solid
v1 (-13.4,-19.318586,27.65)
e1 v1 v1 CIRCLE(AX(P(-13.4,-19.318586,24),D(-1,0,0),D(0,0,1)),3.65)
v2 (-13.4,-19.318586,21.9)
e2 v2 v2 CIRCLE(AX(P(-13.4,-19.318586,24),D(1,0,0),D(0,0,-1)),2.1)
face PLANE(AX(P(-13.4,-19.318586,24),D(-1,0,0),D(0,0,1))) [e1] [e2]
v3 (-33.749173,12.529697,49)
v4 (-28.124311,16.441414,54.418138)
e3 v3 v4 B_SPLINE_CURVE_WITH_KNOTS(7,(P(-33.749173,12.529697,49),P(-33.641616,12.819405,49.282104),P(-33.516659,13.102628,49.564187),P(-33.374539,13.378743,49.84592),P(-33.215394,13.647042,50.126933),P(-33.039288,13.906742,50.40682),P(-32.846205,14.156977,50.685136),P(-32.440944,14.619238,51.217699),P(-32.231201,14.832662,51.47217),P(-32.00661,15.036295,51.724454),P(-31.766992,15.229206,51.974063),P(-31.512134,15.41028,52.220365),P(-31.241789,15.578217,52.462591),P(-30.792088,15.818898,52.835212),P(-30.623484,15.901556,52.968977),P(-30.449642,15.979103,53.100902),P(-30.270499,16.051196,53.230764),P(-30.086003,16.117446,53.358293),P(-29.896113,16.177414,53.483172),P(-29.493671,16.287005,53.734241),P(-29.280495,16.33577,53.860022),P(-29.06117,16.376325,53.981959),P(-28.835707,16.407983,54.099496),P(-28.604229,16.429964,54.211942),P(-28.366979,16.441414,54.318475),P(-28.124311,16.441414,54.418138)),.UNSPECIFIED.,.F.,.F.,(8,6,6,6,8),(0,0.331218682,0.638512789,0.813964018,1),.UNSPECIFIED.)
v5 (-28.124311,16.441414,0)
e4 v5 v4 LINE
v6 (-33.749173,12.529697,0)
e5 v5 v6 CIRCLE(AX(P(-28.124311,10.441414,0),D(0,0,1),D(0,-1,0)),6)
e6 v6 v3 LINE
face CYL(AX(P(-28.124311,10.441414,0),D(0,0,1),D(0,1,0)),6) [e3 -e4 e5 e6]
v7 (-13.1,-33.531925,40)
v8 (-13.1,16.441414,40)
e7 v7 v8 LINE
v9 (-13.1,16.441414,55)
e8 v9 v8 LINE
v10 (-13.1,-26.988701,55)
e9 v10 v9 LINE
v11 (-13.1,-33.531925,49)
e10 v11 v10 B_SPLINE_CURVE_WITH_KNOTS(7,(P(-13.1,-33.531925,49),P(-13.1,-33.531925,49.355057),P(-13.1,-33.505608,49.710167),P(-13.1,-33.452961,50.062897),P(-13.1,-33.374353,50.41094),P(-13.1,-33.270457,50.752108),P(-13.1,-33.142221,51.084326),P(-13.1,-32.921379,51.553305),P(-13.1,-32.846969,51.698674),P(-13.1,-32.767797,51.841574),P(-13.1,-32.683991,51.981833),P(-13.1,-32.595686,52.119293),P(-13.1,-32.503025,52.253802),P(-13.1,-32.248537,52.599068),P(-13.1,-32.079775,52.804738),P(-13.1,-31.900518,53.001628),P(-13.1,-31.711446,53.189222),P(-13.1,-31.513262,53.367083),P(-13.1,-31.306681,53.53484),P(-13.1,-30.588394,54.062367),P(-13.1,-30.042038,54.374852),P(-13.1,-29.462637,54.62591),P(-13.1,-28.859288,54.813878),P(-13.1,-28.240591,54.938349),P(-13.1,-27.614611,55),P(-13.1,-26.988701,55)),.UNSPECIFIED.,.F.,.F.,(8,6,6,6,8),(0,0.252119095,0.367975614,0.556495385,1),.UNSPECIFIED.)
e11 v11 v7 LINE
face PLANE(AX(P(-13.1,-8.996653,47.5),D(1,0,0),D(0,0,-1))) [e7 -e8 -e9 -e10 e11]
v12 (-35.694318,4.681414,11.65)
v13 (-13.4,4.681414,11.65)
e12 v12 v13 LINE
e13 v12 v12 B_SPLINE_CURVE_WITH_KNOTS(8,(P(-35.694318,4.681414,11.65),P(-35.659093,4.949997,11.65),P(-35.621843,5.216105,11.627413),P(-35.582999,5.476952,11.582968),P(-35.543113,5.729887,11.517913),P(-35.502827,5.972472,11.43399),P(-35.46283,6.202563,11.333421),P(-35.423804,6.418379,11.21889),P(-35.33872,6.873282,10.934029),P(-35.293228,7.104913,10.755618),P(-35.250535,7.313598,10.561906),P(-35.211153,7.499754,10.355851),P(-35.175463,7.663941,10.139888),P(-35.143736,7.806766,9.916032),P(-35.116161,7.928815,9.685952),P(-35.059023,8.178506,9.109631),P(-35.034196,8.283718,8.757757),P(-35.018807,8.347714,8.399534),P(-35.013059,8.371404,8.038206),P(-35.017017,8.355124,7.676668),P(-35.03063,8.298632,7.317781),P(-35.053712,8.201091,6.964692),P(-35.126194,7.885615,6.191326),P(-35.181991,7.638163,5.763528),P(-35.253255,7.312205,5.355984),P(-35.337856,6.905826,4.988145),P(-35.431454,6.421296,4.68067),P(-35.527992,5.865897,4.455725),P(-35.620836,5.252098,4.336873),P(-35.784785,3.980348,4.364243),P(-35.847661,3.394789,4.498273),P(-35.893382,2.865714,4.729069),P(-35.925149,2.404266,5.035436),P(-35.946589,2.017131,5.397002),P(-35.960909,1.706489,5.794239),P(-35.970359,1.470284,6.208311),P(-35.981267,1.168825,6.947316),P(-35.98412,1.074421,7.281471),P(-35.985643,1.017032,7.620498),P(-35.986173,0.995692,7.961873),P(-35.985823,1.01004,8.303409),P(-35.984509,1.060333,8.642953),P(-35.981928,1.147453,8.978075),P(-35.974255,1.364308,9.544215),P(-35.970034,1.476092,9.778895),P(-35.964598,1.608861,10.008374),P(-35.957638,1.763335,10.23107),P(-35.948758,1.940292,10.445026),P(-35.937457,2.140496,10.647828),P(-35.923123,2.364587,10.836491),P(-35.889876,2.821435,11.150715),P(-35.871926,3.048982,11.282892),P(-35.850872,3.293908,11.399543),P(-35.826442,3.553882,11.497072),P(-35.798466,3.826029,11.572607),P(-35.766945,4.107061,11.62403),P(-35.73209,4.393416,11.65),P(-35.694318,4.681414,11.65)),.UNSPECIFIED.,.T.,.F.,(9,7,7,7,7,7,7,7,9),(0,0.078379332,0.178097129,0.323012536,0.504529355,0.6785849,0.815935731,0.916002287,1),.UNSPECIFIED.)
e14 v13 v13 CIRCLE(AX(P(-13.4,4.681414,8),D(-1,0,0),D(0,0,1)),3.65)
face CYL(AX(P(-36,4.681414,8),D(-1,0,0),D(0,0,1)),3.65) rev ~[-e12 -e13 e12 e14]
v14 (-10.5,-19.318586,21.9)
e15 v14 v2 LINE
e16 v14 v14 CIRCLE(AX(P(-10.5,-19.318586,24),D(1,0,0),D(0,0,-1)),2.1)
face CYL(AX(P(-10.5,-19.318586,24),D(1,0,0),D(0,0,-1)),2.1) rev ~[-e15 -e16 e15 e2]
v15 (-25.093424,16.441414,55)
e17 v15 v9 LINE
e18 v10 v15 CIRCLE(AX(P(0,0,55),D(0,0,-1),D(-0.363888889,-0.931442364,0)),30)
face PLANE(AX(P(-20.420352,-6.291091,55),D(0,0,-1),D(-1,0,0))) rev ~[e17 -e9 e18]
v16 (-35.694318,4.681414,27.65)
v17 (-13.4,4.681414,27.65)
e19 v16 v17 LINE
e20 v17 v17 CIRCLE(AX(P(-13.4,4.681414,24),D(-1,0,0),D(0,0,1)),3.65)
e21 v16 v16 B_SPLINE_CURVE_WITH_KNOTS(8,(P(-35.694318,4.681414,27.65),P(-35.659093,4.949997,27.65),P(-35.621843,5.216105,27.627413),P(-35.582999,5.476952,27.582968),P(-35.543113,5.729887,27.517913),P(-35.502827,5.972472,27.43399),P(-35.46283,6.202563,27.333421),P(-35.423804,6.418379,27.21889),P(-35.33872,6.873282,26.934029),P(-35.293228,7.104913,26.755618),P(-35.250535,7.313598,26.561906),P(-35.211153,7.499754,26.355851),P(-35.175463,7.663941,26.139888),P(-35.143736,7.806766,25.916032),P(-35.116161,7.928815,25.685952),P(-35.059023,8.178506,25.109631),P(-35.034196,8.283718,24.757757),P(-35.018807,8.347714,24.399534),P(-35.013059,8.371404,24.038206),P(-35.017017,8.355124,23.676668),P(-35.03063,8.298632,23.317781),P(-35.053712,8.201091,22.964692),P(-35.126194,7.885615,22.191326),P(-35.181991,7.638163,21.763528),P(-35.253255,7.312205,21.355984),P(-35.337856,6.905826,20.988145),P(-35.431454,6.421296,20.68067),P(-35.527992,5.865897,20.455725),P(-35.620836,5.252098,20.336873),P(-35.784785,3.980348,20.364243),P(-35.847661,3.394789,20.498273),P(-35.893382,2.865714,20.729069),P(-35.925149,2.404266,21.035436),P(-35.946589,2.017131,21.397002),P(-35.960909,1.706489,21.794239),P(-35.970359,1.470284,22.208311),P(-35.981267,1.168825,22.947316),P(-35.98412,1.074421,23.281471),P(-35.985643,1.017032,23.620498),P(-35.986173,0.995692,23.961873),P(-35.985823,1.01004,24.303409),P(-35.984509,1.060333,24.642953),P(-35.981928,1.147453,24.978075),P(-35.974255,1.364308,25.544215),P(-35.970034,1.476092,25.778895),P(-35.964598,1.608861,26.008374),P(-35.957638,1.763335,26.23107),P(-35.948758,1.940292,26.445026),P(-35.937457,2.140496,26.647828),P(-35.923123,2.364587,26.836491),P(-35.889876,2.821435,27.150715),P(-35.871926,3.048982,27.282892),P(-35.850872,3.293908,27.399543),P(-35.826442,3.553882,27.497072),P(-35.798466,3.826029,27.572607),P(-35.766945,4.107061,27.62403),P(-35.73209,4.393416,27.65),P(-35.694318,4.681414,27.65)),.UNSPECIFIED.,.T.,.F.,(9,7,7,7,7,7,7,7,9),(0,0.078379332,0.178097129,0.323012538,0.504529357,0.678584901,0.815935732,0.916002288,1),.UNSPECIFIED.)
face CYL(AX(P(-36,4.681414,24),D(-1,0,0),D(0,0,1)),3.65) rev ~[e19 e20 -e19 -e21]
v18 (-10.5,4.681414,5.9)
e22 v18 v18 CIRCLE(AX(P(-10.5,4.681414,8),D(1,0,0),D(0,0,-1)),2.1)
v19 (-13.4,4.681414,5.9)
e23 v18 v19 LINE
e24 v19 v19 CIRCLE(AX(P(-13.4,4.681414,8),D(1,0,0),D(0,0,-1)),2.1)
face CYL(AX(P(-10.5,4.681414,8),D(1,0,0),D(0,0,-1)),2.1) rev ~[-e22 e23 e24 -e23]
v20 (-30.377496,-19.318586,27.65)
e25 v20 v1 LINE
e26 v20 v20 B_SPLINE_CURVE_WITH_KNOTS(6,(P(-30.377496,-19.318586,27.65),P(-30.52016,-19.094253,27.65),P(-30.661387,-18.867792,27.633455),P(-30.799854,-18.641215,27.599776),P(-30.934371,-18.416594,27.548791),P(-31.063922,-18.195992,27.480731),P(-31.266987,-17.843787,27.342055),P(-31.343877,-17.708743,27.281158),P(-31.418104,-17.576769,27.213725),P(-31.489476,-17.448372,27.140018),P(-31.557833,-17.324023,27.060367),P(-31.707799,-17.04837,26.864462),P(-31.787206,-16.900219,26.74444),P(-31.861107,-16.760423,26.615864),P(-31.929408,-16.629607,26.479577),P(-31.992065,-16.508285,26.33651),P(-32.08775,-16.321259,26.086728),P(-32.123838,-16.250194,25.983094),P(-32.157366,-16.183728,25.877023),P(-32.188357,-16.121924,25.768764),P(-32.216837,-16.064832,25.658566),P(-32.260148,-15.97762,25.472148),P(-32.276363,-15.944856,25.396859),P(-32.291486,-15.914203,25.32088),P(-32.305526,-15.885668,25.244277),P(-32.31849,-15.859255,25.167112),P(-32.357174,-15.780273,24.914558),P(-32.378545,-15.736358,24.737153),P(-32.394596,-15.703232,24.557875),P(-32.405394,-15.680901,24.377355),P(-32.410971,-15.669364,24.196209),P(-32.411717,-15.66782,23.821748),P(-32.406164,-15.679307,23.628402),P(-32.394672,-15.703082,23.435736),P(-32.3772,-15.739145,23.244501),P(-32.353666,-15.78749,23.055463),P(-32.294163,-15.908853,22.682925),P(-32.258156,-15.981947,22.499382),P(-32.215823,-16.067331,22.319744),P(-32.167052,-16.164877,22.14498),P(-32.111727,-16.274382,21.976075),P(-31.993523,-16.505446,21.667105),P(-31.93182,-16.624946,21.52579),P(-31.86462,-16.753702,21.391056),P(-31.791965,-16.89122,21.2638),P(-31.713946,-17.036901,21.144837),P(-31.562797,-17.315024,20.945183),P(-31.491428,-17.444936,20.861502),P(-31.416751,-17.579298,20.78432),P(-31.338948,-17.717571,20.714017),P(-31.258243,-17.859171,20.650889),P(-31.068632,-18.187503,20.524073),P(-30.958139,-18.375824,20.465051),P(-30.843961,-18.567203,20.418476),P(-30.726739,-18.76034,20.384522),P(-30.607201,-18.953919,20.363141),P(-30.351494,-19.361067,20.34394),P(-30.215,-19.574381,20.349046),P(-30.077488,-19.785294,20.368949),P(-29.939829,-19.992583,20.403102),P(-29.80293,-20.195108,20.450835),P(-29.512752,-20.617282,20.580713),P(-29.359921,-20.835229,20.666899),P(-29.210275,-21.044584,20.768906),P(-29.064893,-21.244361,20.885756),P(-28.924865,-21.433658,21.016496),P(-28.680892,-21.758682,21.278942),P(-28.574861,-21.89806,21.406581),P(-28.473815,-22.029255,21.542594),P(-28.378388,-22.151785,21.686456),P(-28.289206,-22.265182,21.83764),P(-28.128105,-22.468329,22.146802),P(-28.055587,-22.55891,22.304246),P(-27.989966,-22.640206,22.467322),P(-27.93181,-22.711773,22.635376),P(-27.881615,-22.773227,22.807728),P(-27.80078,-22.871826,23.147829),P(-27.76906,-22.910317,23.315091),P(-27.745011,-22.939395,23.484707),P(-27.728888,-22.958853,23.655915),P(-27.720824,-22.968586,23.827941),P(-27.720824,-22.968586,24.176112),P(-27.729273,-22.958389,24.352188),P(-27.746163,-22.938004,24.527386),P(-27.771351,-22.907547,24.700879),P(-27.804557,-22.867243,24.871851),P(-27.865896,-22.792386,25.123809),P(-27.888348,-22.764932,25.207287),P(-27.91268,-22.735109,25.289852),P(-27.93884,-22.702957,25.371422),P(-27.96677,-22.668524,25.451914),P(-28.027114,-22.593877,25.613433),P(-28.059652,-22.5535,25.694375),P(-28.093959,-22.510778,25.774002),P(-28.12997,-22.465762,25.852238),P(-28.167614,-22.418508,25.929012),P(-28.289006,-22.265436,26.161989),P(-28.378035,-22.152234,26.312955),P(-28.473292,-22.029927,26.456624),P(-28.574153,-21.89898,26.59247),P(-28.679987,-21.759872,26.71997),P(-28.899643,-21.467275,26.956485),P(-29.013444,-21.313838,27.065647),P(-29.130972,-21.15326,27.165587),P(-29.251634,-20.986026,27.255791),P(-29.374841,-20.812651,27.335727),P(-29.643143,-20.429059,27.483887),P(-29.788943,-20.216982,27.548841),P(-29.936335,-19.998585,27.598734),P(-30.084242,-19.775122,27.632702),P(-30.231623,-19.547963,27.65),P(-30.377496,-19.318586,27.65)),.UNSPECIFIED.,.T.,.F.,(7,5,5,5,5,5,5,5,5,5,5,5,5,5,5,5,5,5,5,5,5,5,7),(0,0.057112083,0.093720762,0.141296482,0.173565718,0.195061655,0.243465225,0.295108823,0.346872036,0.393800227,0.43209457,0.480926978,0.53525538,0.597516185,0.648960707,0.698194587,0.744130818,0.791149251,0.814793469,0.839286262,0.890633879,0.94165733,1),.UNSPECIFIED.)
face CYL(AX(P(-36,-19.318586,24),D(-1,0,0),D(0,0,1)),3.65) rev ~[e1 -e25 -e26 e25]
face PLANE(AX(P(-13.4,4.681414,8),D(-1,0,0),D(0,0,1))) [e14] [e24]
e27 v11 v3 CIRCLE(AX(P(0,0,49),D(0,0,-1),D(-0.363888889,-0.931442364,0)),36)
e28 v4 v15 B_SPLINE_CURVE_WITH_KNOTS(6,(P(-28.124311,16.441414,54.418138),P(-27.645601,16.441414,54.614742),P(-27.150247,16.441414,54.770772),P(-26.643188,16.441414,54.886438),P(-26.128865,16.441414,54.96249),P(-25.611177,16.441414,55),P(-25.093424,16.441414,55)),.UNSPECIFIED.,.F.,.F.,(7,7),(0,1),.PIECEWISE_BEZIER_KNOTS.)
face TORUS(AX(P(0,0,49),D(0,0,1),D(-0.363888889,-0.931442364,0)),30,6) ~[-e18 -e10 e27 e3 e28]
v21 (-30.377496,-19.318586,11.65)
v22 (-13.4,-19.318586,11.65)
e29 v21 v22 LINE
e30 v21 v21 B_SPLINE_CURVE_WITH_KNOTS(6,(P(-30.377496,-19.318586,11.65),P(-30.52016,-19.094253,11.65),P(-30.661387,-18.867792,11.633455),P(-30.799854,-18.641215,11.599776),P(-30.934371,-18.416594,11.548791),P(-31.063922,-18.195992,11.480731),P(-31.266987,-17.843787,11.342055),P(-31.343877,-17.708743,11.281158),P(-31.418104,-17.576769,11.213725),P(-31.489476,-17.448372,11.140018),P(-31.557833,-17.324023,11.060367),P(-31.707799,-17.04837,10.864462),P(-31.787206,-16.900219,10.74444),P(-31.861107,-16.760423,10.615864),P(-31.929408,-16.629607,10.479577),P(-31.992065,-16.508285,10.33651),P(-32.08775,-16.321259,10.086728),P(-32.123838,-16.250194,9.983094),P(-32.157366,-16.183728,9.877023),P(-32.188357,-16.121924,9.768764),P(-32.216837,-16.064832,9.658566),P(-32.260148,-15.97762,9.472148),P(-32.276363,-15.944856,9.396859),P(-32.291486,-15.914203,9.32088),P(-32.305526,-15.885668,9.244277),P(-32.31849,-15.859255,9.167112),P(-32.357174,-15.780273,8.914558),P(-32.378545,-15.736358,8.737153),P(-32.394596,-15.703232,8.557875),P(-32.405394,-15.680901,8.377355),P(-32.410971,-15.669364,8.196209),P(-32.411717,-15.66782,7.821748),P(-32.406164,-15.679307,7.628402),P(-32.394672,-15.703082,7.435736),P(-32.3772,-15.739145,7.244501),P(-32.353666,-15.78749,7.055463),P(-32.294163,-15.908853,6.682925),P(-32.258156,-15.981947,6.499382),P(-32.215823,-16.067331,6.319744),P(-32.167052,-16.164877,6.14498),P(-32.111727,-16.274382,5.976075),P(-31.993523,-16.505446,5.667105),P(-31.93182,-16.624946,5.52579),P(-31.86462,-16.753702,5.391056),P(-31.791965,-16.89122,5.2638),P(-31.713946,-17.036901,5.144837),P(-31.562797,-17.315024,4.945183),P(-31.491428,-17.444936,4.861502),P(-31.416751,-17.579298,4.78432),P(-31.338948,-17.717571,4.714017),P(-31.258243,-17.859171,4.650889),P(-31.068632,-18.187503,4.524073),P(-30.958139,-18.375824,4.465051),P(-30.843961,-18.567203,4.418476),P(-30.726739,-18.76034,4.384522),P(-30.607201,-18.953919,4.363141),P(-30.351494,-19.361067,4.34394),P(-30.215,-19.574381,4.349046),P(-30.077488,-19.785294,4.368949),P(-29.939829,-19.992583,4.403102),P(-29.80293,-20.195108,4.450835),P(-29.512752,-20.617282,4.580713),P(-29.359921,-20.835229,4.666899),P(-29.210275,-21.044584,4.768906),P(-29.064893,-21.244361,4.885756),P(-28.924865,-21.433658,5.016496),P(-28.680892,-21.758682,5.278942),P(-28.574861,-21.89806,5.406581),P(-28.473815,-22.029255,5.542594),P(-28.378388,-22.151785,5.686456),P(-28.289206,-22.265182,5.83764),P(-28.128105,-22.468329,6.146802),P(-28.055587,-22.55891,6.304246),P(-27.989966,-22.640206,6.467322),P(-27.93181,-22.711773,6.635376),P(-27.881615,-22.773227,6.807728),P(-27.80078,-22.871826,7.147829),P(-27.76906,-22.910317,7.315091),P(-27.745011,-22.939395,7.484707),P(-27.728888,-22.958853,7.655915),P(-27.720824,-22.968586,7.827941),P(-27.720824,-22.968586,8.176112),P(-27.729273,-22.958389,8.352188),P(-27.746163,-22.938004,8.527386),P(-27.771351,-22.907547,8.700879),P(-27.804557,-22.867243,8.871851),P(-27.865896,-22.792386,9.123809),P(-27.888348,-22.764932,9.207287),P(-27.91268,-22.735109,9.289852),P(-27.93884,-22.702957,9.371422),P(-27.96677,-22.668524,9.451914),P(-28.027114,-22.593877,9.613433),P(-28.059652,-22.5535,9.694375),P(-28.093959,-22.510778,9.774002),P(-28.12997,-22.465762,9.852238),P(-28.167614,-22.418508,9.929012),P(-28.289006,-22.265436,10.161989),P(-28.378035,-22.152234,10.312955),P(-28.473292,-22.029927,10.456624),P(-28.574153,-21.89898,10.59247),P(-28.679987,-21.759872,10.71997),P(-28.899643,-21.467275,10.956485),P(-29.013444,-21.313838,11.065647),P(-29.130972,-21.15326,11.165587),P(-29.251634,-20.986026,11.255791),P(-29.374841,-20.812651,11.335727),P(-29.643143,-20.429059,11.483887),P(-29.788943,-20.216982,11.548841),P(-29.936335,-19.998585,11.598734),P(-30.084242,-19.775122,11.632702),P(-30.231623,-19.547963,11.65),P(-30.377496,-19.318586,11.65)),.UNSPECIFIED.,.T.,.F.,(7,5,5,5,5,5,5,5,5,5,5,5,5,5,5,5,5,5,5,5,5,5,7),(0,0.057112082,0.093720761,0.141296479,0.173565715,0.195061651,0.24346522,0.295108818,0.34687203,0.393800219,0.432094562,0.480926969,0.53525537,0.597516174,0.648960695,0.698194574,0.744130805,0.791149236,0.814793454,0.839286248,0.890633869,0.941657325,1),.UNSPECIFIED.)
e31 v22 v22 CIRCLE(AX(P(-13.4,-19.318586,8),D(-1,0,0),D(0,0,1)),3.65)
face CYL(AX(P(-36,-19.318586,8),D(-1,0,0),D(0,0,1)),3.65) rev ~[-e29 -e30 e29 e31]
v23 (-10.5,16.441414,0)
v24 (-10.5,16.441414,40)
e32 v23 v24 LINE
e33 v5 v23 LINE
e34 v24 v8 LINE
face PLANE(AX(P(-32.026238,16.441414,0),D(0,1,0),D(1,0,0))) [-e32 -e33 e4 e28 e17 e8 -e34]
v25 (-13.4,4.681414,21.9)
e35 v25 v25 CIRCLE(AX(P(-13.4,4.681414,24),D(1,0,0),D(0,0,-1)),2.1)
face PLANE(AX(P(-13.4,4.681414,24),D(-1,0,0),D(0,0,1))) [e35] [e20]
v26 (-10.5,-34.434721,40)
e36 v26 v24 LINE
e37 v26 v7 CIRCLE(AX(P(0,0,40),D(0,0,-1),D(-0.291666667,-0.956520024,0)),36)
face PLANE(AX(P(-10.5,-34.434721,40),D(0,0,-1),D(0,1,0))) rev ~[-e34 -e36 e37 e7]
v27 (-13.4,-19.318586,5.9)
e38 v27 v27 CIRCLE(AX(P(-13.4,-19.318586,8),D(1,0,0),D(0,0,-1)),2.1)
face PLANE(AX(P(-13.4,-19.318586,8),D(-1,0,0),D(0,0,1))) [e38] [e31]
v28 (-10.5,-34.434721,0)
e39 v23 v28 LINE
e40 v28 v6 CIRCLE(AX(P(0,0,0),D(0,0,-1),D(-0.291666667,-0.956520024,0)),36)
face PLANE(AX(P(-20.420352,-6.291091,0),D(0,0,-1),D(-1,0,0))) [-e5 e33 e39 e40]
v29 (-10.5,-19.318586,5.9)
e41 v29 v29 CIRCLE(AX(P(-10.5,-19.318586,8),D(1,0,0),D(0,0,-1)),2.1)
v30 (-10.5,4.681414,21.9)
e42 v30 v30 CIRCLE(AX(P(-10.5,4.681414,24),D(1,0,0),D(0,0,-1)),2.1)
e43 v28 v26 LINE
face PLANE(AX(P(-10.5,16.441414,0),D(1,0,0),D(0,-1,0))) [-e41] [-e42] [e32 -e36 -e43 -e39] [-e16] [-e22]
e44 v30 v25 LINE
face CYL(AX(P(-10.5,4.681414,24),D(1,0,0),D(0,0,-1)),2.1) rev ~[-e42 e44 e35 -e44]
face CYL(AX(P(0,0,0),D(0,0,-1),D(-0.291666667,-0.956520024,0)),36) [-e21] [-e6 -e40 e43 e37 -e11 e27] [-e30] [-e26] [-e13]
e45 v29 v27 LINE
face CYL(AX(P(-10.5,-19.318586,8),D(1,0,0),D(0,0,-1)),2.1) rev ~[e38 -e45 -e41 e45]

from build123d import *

# Parameters (mm, degrees)
BOSS_EXTRUDE1_DEPTH = 55
SKETCH2_W           = 15
SKETCH2_H           = 50.876134921
CUT_EXTRUDE1_DEPTH  = 2.6
SKETCH3_R           = 2.1
CUT_EXTRUDE2_DEPTH  = 32.6
FILLET2_R           = 6
SKETCH4_R           = 3.65
CUT_EXTRUDE3_DEPTH  = 22.6


with BuildPart() as part:
    # Sketch1 → Boss-Extrude1 (new body)
    with BuildSketch(Plane.XY):
        with BuildLine():
            Line((-10.5, 16.441414071), (-10.5, -34.43472085))
            ThreePointArc((-10.5, -34.43472085), (-33.154419012, -14.027989876), (-32.026237733, 16.441414071))
            Line((-32.026237733, 16.441414071), (-10.5, 16.441414071))
        make_face()
    extrude(amount=BOSS_EXTRUDE1_DEPTH)

    # Sketch2 → Cut-Extrude1 (cut)
    with BuildSketch(Plane(origin=(-10.5, 0, 0), x_dir=(0, 0, -1), z_dir=(1, 0, 0))):
        with Locations((-47.5, -8.99665339)):
            Rectangle(SKETCH2_W, SKETCH2_H)
    extrude(amount=-CUT_EXTRUDE1_DEPTH, mode=Mode.SUBTRACT)

    # Sketch3 → Cut-Extrude2 (cut)
    with BuildSketch(Plane(origin=(-10.5, 0, 0), x_dir=(0, 0, -1), z_dir=(1, 0, 0))):
        with Locations((-8, 4.681414071)):
            Circle(SKETCH3_R)
        with Locations((-24, 4.681414071)):
            Circle(SKETCH3_R)
        with Locations((-24, -19.318585929)):
            Circle(SKETCH3_R)
        with Locations((-8, -19.318585929)):
            Circle(SKETCH3_R)
    extrude(amount=-CUT_EXTRUDE2_DEPTH, mode=Mode.SUBTRACT)

    # Fillet2
    fillet2_edges = [part.edges().sort_by_distance(p)[0] for p in [
        (-33.666422287, -12.750372951, 55),
        (-32.026237733, 16.441414071, 27.5),
    ]]
    fillet(fillet2_edges, radius=FILLET2_R)

    # Sketch4 → Cut-Extrude3 (cut)
    with BuildSketch(Plane.ZY.offset(36)):
        with Locations((8, 4.681414071)):
            Circle(SKETCH4_R)
        with Locations((24, 4.681414071)):
            Circle(SKETCH4_R)
        with Locations((24, -19.318585929)):
            Circle(SKETCH4_R)
        with Locations((8, -19.318585929)):
            Circle(SKETCH4_R)
    extrude(amount=-CUT_EXTRUDE3_DEPTH, mode=Mode.SUBTRACT)


solid = part.part
